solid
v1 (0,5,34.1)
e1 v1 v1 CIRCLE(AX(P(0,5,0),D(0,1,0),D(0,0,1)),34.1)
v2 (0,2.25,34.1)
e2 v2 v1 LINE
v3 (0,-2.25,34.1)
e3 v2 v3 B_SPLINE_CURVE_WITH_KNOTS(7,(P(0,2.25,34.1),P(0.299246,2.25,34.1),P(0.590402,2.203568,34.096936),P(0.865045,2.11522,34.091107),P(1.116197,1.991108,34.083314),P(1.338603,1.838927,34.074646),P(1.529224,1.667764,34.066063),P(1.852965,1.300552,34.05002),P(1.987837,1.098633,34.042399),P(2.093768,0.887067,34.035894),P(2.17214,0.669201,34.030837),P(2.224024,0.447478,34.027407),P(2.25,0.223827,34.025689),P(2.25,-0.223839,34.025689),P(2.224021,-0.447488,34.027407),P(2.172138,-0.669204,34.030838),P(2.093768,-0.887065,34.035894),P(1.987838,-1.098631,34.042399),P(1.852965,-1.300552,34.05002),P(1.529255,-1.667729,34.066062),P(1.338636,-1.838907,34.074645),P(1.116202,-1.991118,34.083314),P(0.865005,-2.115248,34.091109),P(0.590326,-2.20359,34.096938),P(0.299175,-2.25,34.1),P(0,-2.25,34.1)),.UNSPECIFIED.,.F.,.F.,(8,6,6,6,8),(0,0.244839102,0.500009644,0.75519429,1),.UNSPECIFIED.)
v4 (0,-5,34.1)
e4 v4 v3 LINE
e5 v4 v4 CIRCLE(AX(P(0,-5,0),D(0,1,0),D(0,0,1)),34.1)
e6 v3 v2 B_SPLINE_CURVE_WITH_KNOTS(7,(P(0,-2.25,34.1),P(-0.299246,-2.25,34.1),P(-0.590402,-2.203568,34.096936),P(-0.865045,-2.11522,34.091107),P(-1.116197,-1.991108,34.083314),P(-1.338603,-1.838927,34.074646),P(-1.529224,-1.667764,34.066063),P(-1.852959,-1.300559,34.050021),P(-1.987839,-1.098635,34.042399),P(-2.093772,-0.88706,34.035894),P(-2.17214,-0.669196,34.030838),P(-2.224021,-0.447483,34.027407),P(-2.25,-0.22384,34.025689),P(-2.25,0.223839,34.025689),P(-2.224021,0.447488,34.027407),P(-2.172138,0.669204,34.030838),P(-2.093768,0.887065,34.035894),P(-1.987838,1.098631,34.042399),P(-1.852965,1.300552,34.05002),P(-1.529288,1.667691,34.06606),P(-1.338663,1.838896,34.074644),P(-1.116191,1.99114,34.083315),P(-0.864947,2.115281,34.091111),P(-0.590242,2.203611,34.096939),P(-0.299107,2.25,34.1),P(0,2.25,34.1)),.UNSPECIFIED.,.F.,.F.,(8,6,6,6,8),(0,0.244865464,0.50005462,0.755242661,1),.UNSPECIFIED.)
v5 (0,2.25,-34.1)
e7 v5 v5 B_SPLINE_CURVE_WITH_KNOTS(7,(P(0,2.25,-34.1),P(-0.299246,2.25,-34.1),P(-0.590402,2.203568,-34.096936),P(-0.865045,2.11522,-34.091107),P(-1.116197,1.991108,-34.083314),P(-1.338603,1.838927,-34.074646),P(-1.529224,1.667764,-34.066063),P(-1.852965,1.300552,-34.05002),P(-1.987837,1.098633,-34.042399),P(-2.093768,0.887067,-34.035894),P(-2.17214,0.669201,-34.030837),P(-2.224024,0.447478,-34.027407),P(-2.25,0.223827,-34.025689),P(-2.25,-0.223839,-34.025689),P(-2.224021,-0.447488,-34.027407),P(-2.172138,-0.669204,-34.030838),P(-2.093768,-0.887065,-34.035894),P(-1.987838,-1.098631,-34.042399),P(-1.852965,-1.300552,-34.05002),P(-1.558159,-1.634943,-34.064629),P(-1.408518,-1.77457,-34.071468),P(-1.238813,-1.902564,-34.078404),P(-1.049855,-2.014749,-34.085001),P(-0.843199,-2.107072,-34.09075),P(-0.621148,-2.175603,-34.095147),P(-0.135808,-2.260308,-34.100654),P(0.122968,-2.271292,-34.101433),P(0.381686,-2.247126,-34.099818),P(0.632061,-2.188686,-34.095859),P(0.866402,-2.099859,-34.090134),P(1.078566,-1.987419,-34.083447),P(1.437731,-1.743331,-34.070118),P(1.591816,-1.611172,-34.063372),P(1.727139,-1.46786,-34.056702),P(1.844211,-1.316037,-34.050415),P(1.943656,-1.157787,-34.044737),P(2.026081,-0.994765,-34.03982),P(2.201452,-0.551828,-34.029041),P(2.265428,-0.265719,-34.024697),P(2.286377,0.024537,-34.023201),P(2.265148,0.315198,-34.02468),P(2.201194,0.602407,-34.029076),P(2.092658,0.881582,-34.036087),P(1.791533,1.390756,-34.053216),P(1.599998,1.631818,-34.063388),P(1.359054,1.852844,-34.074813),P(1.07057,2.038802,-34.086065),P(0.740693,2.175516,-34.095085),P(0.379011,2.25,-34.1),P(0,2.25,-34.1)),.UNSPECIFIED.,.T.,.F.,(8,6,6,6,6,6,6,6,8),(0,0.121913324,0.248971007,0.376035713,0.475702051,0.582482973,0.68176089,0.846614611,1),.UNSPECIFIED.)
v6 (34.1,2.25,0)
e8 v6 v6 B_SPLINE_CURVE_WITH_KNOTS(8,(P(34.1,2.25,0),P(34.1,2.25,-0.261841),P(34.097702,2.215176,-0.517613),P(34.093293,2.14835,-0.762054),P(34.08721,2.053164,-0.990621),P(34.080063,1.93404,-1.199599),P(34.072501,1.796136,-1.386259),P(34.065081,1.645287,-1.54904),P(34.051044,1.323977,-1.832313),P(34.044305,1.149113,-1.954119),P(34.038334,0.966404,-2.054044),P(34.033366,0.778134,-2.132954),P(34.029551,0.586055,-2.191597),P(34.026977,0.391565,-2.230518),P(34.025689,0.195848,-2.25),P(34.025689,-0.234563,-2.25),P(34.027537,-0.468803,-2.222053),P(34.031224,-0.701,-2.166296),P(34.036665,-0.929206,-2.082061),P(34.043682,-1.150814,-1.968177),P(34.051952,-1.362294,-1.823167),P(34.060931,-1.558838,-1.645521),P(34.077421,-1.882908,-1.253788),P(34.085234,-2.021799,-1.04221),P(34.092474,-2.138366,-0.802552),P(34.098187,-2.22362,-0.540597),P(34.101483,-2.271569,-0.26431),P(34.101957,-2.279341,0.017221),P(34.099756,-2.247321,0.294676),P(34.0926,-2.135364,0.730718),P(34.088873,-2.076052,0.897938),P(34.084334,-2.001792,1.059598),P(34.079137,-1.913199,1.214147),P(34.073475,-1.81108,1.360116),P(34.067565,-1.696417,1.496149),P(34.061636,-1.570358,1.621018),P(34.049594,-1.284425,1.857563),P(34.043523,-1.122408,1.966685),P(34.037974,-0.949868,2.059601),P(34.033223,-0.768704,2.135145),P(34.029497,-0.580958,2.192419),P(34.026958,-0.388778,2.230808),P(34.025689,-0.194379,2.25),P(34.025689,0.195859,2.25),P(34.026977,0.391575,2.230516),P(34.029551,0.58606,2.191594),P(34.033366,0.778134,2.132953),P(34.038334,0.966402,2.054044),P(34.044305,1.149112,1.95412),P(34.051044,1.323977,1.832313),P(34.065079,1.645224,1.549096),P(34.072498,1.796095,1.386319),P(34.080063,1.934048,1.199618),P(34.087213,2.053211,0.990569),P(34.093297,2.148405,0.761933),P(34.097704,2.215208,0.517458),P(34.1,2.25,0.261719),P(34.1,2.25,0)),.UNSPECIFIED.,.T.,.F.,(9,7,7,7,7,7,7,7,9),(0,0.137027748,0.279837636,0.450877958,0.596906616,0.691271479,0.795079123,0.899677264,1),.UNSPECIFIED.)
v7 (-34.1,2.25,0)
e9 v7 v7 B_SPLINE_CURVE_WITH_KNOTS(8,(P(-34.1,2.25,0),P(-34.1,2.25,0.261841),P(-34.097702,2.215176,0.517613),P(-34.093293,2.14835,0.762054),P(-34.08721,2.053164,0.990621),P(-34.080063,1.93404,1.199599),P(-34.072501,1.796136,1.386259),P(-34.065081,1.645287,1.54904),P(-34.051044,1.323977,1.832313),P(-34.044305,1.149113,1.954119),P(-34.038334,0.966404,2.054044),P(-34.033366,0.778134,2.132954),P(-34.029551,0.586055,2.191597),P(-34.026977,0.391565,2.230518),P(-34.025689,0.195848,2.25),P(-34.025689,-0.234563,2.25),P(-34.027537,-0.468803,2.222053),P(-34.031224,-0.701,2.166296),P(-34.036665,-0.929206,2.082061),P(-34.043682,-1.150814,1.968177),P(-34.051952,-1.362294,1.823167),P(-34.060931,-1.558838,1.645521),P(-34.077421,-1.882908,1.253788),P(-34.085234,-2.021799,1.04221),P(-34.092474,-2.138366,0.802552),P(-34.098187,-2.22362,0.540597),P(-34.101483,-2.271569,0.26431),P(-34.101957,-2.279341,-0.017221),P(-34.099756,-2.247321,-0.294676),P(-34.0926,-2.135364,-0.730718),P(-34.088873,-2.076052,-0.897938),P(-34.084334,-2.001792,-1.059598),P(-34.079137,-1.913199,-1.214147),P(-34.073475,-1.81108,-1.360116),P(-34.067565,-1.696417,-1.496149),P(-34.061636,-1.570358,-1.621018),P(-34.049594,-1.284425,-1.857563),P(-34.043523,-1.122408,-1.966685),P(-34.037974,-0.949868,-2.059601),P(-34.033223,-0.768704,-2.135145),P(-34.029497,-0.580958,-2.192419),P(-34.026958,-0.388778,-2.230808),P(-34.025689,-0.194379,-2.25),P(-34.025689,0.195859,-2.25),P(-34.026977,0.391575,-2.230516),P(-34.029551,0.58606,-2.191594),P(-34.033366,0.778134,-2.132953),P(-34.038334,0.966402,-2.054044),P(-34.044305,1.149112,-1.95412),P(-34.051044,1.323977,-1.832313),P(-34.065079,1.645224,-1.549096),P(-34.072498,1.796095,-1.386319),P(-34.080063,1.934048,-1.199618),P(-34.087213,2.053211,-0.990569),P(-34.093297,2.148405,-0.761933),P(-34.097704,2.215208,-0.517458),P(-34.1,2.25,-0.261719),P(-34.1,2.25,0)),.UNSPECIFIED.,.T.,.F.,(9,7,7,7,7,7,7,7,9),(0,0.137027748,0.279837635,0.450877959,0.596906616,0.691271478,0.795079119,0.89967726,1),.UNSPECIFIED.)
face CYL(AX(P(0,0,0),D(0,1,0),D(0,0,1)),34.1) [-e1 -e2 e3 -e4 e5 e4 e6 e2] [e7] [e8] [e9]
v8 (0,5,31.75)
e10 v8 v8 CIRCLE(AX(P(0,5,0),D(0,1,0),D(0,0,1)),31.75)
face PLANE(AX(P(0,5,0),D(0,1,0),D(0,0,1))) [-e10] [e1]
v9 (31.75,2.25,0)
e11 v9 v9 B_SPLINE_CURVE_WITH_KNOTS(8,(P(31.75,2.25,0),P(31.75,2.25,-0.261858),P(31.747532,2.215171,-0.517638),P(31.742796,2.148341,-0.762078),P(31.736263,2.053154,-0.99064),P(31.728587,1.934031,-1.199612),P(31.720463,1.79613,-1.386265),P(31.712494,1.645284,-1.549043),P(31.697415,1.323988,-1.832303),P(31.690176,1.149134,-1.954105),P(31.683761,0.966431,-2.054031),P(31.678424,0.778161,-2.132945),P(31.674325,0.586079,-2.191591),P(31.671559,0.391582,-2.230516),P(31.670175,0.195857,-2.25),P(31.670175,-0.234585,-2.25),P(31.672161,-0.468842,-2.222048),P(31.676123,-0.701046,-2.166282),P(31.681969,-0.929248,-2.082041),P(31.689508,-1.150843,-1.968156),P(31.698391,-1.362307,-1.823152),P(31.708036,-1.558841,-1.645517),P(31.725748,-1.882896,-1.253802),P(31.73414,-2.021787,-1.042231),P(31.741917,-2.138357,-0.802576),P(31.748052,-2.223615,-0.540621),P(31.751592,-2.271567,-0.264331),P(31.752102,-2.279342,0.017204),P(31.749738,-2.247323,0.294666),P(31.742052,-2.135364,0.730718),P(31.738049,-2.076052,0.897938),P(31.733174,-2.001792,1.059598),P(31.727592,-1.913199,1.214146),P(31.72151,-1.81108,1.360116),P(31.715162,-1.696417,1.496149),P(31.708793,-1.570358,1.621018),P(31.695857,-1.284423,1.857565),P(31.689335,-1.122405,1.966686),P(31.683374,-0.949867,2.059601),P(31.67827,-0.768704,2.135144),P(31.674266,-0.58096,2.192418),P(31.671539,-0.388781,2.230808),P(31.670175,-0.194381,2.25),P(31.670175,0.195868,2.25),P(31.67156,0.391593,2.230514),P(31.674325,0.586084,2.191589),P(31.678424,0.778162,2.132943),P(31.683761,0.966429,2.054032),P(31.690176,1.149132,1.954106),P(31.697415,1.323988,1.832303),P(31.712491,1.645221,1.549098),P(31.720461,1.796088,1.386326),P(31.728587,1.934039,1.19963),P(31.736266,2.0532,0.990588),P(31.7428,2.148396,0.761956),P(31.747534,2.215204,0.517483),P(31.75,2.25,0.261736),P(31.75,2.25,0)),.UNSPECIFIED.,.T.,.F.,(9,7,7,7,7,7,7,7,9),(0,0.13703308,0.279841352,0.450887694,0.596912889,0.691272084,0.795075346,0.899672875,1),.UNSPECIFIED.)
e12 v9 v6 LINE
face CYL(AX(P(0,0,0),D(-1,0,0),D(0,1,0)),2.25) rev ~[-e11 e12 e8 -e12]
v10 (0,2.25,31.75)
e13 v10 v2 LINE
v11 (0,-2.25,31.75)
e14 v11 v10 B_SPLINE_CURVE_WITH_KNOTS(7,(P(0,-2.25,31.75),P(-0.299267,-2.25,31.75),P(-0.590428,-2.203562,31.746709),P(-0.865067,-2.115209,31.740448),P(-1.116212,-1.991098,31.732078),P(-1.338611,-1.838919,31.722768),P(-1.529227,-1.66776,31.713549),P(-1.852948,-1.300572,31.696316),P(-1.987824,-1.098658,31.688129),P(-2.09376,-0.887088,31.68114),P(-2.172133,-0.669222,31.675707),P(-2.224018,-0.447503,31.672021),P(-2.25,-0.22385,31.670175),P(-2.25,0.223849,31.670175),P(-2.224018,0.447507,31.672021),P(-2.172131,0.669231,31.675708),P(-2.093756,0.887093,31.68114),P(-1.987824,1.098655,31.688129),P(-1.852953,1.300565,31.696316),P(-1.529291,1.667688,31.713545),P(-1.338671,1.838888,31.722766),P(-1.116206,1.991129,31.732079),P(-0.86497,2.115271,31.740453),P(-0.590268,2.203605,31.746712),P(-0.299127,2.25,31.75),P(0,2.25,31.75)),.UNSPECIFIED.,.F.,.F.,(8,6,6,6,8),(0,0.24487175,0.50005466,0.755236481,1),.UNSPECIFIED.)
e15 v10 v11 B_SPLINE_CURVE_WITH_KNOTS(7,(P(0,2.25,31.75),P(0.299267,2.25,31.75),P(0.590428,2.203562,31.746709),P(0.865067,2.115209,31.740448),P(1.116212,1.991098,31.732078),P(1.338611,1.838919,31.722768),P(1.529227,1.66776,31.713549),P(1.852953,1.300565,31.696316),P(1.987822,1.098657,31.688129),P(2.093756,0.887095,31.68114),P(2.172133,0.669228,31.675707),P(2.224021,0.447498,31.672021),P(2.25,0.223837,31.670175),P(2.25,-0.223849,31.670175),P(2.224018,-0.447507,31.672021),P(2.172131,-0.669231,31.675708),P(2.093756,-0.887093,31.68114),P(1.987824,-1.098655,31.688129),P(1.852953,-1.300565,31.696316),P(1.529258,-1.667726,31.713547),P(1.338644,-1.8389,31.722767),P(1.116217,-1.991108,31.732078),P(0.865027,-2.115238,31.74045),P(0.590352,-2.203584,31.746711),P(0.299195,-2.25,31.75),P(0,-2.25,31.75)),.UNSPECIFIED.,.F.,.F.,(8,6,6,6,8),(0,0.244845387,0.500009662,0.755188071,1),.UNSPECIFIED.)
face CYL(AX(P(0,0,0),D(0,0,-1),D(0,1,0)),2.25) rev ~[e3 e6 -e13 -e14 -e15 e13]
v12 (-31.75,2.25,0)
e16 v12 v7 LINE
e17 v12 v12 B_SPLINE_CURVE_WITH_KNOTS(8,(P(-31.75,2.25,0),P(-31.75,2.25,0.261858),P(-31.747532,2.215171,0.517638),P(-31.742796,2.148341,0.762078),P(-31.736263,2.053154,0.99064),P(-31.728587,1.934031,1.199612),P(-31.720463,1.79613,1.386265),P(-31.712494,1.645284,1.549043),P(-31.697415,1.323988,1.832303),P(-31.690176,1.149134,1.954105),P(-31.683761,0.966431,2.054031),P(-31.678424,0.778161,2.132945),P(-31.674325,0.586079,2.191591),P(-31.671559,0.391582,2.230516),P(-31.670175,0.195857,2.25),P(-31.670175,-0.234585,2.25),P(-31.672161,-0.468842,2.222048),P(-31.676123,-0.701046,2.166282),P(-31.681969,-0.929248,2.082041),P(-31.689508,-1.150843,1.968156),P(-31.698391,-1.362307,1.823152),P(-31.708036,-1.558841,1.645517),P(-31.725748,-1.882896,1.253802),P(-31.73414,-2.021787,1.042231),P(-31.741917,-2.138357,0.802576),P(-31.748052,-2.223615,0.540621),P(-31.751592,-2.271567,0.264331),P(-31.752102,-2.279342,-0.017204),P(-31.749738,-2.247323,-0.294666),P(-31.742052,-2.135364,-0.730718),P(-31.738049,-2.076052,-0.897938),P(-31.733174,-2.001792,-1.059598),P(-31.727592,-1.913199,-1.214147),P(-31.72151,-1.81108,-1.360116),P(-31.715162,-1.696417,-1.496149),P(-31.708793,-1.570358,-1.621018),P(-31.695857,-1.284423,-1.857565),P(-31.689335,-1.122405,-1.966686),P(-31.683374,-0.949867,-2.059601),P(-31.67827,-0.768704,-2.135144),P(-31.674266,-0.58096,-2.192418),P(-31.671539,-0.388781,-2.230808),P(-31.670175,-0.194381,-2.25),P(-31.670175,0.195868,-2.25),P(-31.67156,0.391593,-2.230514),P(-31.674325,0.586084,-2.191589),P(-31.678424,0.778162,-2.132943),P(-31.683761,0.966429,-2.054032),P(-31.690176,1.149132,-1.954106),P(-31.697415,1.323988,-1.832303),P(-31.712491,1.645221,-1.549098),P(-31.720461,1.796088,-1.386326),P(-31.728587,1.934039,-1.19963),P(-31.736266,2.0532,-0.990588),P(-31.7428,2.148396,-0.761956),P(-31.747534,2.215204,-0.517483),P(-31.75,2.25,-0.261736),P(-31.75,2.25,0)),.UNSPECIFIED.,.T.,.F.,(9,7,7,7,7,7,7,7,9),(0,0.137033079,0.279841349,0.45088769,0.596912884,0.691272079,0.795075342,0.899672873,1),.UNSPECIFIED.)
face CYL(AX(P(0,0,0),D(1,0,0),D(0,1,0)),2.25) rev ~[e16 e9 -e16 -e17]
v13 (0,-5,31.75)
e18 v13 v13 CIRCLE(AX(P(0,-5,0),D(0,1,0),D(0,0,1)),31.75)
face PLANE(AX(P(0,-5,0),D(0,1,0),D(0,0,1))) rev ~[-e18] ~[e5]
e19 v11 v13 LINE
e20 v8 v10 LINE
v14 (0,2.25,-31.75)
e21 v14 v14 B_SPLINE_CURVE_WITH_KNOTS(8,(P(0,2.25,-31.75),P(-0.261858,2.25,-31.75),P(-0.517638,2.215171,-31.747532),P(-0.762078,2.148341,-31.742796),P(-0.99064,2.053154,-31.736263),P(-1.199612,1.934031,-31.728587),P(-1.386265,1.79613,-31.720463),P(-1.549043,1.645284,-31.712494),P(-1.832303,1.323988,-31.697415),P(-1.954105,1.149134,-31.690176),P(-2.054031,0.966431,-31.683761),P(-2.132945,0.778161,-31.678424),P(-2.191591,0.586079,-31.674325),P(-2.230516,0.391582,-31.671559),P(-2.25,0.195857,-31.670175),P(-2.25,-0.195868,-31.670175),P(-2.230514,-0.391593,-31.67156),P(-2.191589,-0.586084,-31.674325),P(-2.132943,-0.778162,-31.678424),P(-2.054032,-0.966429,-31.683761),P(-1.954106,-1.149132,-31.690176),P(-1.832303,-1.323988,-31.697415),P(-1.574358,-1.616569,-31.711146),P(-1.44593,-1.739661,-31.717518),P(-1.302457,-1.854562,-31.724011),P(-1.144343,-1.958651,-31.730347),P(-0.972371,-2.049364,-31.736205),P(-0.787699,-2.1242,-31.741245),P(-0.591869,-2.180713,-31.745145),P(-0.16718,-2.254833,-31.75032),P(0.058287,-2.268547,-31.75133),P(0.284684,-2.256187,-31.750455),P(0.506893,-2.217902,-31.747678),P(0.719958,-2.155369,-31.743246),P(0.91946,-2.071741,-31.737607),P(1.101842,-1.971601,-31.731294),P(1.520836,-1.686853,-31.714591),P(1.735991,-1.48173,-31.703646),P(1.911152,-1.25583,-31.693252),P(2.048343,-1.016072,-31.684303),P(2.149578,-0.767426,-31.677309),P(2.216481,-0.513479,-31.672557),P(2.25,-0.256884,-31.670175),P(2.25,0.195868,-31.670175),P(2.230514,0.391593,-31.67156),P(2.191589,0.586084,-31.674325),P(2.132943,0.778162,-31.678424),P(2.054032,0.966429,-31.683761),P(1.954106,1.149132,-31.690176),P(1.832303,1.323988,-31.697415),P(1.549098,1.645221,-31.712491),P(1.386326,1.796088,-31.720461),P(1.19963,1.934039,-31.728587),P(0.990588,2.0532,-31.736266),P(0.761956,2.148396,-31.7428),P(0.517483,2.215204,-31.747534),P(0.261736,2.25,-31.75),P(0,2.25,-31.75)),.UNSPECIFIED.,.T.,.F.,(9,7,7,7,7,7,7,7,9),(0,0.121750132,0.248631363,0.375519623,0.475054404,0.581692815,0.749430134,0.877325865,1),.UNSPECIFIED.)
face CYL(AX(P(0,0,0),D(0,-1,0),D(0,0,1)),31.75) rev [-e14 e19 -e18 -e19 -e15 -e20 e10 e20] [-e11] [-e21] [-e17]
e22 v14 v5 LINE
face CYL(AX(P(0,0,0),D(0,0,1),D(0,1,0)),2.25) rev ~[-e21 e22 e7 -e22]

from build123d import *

# Parameters (mm, degrees)
SKETCH1_R           = 34.1
SKETCH1_R_2         = 31.75
BOSS_EXTRUDE1_DEPTH = 5
SKETCH2_R           = 2.25
CUT_EXTRUDE1_DEPTH  = 49.483192964
CIRPATTERN1_COUNT   = 4


with BuildPart() as part:
    # Sketch1 → Boss-Extrude1 (new, symmetric)
    with BuildSketch(Plane(origin=(0, 0, 0), x_dir=(1, 0, 0), z_dir=(0, 1, 0))):
        with Locations(Location((0, 0, 0), (0, 0, 270))):
            Circle(SKETCH1_R)
        with Locations(Location((0, 0, 0), (0, 0, 270))):
            Circle(SKETCH1_R_2, mode=Mode.SUBTRACT)
    extrude(amount=BOSS_EXTRUDE1_DEPTH, both=True)

    # Sketch2 → Cut-Extrude1 (cut, through all)
    with BuildSketch(Plane.XY):
        with Locations(Location((0, 0, 0), (0, 0, 90))):
            Circle(SKETCH2_R)
    cut_extrude1 = extrude(amount=-CUT_EXTRUDE1_DEPTH, mode=Mode.SUBTRACT)

    # CirPattern1: Cut-Extrude1 ×4 about axis
    cirpattern1_axis = Axis((0, 5, 0), (0, -1, 0))
    for i in range(1, CIRPATTERN1_COUNT):
        add(cut_extrude1.rotate(cirpattern1_axis, i * 360 / CIRPATTERN1_COUNT), mode=Mode.SUBTRACT)


solid = part.part
